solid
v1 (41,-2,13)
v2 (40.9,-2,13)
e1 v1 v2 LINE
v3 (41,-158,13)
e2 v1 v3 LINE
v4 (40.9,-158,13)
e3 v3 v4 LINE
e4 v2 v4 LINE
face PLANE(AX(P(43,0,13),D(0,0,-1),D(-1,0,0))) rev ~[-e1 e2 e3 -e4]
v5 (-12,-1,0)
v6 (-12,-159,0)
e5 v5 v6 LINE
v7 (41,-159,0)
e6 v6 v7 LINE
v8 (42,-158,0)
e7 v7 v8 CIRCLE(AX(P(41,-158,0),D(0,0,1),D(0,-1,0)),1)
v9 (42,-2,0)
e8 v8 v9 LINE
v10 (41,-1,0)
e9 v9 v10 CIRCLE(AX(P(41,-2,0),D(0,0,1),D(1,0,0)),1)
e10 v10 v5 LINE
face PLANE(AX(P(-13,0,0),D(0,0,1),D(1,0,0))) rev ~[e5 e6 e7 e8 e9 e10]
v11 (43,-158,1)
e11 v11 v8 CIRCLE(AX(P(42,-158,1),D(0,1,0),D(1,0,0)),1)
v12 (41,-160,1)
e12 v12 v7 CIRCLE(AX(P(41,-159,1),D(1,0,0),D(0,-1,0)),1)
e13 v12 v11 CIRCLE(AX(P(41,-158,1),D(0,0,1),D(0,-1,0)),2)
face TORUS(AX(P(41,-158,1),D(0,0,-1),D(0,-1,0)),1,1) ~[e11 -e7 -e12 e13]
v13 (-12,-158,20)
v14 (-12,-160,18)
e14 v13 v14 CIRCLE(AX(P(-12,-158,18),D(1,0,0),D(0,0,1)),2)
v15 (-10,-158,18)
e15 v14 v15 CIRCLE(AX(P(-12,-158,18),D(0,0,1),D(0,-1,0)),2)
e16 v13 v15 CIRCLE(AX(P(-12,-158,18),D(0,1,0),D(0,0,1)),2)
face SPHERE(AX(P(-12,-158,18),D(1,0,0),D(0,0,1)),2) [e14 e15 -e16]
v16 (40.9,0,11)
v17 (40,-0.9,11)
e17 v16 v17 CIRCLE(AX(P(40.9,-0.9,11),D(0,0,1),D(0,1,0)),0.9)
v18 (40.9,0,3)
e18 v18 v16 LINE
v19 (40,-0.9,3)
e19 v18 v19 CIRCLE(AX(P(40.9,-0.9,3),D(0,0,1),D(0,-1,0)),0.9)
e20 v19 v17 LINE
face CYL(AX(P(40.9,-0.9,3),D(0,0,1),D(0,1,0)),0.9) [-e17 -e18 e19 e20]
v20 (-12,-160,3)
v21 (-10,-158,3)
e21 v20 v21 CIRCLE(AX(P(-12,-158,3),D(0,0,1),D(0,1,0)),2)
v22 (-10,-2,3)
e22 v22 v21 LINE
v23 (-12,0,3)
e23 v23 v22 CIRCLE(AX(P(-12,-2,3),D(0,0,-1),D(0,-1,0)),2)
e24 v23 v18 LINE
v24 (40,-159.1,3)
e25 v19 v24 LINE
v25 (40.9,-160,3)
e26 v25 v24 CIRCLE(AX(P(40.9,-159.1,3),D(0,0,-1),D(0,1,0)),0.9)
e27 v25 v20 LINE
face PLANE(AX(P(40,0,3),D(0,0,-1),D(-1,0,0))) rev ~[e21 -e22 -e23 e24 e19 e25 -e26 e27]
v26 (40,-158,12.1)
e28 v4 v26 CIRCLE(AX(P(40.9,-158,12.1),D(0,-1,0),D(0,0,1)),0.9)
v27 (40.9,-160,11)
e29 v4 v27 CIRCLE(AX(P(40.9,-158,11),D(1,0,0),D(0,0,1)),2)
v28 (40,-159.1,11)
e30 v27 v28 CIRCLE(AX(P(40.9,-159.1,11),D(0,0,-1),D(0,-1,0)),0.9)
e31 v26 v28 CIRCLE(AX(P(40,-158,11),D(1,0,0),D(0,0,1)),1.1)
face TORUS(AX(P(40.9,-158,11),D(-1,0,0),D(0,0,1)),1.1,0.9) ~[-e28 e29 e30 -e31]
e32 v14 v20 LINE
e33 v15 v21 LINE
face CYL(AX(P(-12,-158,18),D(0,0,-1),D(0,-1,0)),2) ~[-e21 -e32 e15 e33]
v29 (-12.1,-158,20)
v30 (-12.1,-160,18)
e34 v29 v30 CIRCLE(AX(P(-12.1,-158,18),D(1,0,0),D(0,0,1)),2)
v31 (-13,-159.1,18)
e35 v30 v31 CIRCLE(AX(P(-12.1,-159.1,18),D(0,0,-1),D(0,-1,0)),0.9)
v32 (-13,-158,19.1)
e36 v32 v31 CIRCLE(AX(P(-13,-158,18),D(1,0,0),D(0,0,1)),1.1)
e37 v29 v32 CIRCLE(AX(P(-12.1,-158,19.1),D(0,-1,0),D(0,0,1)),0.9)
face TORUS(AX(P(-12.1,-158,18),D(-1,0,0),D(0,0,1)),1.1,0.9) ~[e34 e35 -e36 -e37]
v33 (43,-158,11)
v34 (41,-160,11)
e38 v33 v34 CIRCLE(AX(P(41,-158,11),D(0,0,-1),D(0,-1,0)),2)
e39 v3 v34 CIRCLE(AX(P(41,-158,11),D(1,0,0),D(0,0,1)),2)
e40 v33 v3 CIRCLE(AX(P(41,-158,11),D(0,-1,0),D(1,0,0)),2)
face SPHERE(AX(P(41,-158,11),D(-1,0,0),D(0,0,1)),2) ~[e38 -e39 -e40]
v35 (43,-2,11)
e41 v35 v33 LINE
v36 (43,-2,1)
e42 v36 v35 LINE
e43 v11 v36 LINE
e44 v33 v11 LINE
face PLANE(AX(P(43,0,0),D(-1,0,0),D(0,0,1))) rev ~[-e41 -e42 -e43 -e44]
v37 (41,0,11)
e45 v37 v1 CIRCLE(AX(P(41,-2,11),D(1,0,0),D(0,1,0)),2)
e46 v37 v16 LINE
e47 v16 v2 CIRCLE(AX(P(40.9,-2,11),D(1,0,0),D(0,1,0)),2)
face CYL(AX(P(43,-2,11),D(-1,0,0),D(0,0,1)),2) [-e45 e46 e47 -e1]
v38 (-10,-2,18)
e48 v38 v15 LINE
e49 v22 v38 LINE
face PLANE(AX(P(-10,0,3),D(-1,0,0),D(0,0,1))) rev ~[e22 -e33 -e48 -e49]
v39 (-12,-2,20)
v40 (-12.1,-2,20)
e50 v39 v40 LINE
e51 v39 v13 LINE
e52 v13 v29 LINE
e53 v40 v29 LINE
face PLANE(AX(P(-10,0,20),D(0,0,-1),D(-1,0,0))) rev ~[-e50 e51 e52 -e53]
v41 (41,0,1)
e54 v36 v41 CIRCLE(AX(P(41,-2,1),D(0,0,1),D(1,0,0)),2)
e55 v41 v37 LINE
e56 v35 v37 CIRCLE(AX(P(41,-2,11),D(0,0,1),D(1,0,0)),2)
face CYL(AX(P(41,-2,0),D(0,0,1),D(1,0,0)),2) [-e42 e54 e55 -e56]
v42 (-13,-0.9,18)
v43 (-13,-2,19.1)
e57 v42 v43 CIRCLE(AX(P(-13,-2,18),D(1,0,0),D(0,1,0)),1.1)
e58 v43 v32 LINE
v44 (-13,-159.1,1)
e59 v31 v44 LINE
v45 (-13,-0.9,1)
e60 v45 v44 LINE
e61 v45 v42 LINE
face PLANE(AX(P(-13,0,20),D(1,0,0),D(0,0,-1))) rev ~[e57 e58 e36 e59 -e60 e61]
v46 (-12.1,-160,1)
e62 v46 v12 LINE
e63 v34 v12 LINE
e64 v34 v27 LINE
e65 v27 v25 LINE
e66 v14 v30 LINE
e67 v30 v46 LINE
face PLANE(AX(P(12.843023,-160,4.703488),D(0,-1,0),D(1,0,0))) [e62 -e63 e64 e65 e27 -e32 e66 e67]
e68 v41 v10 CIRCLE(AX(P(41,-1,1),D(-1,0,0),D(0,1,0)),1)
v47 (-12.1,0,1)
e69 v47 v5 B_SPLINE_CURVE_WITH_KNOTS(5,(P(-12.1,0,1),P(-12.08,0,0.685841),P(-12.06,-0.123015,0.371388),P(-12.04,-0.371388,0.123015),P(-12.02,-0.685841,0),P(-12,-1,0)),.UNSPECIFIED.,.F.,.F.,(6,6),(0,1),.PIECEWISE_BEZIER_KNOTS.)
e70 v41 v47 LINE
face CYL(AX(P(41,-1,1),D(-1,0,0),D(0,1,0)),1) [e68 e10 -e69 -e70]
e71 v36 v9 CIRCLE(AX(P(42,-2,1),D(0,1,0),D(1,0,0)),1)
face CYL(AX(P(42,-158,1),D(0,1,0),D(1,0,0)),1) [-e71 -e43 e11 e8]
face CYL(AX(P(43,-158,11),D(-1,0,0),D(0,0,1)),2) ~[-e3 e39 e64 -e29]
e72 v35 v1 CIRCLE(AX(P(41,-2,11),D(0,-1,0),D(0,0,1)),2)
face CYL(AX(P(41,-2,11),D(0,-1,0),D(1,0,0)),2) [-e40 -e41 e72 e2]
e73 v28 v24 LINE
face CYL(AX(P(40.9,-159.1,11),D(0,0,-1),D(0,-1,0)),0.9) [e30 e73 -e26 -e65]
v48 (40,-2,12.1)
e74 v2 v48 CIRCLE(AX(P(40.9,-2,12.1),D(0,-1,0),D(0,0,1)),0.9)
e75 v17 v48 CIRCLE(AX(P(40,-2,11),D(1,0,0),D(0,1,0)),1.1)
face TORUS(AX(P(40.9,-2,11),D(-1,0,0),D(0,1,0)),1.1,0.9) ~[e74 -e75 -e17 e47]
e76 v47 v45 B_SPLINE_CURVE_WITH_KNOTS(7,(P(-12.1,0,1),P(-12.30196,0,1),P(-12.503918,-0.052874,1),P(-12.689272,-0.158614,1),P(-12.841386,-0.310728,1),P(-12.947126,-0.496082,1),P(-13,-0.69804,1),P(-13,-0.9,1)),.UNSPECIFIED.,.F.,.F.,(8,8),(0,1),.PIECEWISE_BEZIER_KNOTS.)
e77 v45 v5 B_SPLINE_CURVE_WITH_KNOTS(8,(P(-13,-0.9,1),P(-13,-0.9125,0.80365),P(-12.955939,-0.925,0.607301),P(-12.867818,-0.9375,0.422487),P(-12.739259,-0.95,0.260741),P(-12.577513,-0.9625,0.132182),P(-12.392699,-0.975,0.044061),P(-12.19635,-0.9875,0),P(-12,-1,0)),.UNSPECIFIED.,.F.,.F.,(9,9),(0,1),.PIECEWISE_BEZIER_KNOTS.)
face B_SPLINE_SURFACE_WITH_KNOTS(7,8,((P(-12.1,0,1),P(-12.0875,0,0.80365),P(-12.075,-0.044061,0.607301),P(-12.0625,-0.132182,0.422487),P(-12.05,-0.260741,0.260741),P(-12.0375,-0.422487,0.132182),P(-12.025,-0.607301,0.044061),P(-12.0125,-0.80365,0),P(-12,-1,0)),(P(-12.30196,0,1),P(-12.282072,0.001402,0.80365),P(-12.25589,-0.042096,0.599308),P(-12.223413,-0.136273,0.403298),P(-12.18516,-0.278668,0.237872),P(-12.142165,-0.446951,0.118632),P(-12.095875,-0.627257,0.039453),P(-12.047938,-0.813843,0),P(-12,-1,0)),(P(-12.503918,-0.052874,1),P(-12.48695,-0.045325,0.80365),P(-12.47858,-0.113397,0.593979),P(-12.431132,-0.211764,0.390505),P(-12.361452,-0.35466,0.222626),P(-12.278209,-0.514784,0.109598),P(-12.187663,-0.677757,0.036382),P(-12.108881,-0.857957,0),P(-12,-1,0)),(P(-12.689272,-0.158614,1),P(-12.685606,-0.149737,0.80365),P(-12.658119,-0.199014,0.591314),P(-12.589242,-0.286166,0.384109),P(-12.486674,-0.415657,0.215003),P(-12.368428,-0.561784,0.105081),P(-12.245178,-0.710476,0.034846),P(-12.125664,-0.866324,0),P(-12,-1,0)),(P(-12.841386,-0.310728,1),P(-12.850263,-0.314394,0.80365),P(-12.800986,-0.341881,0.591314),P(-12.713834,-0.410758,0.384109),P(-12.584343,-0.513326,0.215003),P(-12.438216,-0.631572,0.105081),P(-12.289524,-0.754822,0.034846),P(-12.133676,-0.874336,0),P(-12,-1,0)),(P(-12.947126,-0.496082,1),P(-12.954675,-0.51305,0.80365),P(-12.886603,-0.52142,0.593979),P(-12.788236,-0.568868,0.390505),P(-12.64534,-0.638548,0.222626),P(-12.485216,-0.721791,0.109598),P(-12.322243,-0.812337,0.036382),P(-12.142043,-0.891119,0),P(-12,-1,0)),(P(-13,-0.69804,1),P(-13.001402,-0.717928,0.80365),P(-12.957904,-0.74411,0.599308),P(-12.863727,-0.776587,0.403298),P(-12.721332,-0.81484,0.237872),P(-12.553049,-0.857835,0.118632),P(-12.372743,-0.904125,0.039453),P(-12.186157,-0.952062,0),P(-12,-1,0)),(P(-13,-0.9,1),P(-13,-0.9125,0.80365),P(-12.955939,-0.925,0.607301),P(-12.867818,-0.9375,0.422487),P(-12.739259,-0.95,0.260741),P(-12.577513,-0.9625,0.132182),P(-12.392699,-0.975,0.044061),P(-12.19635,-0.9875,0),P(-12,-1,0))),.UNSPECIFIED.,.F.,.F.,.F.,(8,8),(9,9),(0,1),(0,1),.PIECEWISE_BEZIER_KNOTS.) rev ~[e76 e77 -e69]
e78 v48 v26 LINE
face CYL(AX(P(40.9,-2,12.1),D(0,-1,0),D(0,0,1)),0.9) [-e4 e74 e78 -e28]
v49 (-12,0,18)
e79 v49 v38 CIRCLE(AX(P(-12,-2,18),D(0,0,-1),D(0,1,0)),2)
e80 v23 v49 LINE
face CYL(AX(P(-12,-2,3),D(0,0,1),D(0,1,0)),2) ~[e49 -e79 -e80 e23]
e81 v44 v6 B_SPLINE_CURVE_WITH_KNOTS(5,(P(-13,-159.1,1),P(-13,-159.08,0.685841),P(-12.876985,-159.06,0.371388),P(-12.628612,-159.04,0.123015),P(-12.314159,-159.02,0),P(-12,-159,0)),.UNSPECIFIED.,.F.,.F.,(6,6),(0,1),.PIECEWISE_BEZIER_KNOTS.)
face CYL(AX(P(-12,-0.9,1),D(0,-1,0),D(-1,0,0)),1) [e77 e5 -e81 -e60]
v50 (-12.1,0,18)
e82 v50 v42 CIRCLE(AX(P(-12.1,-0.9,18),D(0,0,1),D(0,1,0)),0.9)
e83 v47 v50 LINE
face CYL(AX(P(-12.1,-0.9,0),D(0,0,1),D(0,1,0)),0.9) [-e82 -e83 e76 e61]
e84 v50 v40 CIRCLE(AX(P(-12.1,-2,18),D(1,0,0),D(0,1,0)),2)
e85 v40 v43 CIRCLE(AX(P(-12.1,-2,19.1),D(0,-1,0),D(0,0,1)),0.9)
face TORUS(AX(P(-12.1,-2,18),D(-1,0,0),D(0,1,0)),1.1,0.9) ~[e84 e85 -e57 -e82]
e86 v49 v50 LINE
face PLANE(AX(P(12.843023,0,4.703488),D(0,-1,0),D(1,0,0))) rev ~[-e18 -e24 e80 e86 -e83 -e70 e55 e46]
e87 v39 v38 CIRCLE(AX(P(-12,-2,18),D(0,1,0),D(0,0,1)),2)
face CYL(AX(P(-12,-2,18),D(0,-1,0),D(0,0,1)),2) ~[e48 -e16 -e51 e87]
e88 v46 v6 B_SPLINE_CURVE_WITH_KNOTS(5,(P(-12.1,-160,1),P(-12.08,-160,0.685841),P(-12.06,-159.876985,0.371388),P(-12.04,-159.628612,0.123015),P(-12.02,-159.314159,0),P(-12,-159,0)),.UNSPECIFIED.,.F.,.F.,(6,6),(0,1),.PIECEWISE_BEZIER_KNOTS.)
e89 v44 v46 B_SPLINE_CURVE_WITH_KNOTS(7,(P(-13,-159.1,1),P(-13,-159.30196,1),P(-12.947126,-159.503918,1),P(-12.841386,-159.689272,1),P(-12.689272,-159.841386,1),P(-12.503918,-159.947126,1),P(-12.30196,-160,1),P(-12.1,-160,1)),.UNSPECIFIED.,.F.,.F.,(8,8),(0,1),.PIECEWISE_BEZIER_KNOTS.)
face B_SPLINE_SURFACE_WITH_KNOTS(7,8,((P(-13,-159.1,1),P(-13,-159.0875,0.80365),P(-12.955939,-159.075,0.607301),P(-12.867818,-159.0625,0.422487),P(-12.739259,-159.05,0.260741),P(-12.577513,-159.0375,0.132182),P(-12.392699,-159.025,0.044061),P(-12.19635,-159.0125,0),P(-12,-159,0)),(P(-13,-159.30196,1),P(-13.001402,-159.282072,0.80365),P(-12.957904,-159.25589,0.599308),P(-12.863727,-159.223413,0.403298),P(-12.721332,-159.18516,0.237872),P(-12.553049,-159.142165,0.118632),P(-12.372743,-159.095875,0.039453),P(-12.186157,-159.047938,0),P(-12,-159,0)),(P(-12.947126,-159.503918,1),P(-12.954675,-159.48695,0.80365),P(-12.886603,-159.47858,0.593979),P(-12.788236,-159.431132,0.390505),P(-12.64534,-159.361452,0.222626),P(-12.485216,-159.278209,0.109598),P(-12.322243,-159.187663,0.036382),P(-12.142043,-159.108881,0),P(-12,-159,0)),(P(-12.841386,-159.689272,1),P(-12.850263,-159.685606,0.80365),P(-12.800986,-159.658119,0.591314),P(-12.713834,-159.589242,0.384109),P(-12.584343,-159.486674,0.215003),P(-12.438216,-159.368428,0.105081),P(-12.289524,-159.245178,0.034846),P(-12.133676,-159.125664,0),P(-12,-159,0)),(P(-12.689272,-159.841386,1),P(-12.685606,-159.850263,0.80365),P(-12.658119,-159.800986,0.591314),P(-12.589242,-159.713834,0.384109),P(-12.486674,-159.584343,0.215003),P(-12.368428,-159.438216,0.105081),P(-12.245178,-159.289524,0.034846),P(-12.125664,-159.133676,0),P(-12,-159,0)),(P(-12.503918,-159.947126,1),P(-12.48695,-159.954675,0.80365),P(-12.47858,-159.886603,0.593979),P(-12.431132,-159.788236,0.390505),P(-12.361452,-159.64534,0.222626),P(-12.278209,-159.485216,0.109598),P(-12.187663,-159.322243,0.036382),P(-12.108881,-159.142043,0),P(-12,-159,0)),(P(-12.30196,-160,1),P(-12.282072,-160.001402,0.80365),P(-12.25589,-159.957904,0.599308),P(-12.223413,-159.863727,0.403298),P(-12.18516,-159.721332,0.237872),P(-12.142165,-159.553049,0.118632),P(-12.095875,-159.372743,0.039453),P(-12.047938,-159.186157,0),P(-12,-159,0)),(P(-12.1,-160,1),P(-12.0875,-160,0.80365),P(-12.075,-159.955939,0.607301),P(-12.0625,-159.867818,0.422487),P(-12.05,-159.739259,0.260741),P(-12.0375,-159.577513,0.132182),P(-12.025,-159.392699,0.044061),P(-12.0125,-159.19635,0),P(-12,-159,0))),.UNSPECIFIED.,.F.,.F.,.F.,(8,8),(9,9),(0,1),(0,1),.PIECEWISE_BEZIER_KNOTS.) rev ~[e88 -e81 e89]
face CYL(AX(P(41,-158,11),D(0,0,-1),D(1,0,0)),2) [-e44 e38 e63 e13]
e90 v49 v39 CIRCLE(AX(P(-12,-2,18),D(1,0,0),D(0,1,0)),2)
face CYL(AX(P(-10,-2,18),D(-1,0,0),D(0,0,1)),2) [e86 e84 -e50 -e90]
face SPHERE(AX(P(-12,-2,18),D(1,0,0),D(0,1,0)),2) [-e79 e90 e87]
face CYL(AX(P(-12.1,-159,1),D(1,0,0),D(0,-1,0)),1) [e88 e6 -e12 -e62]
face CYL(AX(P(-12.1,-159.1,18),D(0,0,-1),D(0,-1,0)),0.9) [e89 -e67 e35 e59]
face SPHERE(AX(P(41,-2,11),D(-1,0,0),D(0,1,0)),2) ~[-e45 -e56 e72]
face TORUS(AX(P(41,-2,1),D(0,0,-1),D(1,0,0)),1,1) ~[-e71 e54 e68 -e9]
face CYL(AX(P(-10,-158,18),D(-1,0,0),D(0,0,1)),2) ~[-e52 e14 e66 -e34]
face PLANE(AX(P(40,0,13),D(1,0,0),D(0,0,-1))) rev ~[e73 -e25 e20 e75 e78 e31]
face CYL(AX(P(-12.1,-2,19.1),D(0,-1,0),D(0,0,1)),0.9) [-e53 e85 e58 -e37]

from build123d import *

# Parameters (mm, degrees)
PAD_DEPTH   = 160
FILLET_R    = 2
FILLET001_R = 2
FILLET002_R = 0.9
FILLET003_R = 1


with BuildPart() as part:
    # Sketch → Pad (new body)
    with BuildSketch(Plane.XZ):
        Polygon((-13, 20), (-13, 0), (43, 0), (43, 13), (40, 13), (40, 3), (-10, 3), (-10, 20), align=None)
    extrude(amount=PAD_DEPTH)

    # Fillet
    fillet_edges = [part.edges().sort_by_distance(p)[0] for p in [
        (-11.5, -160, 20),
        (41.5, -160, 13),
        (-11.5, 0, 20),
        (41.5, 0, 13),
    ]]
    fillet(fillet_edges, radius=FILLET_R)

    # Fillet001
    fillet001_edges = [part.edges().sort_by_distance(p)[0] for p in [
        (43, -80, 13),
        (-10, -80, 20),
    ]]
    fillet(fillet001_edges, radius=FILLET001_R)

    # Fillet002
    fillet002_edges = [part.edges().sort_by_distance(p)[0] for p in [
        (40, -80, 13),
        (-13, -80, 20),
    ]]
    fillet(fillet002_edges, radius=FILLET002_R)

    # Fillet003
    fillet003_edges = [part.edges().sort_by_distance(p)[0] for p in [
        (14.45, -160, 0),
    ]]
    fillet(fillet003_edges, radius=FILLET003_R)


solid = part.part
